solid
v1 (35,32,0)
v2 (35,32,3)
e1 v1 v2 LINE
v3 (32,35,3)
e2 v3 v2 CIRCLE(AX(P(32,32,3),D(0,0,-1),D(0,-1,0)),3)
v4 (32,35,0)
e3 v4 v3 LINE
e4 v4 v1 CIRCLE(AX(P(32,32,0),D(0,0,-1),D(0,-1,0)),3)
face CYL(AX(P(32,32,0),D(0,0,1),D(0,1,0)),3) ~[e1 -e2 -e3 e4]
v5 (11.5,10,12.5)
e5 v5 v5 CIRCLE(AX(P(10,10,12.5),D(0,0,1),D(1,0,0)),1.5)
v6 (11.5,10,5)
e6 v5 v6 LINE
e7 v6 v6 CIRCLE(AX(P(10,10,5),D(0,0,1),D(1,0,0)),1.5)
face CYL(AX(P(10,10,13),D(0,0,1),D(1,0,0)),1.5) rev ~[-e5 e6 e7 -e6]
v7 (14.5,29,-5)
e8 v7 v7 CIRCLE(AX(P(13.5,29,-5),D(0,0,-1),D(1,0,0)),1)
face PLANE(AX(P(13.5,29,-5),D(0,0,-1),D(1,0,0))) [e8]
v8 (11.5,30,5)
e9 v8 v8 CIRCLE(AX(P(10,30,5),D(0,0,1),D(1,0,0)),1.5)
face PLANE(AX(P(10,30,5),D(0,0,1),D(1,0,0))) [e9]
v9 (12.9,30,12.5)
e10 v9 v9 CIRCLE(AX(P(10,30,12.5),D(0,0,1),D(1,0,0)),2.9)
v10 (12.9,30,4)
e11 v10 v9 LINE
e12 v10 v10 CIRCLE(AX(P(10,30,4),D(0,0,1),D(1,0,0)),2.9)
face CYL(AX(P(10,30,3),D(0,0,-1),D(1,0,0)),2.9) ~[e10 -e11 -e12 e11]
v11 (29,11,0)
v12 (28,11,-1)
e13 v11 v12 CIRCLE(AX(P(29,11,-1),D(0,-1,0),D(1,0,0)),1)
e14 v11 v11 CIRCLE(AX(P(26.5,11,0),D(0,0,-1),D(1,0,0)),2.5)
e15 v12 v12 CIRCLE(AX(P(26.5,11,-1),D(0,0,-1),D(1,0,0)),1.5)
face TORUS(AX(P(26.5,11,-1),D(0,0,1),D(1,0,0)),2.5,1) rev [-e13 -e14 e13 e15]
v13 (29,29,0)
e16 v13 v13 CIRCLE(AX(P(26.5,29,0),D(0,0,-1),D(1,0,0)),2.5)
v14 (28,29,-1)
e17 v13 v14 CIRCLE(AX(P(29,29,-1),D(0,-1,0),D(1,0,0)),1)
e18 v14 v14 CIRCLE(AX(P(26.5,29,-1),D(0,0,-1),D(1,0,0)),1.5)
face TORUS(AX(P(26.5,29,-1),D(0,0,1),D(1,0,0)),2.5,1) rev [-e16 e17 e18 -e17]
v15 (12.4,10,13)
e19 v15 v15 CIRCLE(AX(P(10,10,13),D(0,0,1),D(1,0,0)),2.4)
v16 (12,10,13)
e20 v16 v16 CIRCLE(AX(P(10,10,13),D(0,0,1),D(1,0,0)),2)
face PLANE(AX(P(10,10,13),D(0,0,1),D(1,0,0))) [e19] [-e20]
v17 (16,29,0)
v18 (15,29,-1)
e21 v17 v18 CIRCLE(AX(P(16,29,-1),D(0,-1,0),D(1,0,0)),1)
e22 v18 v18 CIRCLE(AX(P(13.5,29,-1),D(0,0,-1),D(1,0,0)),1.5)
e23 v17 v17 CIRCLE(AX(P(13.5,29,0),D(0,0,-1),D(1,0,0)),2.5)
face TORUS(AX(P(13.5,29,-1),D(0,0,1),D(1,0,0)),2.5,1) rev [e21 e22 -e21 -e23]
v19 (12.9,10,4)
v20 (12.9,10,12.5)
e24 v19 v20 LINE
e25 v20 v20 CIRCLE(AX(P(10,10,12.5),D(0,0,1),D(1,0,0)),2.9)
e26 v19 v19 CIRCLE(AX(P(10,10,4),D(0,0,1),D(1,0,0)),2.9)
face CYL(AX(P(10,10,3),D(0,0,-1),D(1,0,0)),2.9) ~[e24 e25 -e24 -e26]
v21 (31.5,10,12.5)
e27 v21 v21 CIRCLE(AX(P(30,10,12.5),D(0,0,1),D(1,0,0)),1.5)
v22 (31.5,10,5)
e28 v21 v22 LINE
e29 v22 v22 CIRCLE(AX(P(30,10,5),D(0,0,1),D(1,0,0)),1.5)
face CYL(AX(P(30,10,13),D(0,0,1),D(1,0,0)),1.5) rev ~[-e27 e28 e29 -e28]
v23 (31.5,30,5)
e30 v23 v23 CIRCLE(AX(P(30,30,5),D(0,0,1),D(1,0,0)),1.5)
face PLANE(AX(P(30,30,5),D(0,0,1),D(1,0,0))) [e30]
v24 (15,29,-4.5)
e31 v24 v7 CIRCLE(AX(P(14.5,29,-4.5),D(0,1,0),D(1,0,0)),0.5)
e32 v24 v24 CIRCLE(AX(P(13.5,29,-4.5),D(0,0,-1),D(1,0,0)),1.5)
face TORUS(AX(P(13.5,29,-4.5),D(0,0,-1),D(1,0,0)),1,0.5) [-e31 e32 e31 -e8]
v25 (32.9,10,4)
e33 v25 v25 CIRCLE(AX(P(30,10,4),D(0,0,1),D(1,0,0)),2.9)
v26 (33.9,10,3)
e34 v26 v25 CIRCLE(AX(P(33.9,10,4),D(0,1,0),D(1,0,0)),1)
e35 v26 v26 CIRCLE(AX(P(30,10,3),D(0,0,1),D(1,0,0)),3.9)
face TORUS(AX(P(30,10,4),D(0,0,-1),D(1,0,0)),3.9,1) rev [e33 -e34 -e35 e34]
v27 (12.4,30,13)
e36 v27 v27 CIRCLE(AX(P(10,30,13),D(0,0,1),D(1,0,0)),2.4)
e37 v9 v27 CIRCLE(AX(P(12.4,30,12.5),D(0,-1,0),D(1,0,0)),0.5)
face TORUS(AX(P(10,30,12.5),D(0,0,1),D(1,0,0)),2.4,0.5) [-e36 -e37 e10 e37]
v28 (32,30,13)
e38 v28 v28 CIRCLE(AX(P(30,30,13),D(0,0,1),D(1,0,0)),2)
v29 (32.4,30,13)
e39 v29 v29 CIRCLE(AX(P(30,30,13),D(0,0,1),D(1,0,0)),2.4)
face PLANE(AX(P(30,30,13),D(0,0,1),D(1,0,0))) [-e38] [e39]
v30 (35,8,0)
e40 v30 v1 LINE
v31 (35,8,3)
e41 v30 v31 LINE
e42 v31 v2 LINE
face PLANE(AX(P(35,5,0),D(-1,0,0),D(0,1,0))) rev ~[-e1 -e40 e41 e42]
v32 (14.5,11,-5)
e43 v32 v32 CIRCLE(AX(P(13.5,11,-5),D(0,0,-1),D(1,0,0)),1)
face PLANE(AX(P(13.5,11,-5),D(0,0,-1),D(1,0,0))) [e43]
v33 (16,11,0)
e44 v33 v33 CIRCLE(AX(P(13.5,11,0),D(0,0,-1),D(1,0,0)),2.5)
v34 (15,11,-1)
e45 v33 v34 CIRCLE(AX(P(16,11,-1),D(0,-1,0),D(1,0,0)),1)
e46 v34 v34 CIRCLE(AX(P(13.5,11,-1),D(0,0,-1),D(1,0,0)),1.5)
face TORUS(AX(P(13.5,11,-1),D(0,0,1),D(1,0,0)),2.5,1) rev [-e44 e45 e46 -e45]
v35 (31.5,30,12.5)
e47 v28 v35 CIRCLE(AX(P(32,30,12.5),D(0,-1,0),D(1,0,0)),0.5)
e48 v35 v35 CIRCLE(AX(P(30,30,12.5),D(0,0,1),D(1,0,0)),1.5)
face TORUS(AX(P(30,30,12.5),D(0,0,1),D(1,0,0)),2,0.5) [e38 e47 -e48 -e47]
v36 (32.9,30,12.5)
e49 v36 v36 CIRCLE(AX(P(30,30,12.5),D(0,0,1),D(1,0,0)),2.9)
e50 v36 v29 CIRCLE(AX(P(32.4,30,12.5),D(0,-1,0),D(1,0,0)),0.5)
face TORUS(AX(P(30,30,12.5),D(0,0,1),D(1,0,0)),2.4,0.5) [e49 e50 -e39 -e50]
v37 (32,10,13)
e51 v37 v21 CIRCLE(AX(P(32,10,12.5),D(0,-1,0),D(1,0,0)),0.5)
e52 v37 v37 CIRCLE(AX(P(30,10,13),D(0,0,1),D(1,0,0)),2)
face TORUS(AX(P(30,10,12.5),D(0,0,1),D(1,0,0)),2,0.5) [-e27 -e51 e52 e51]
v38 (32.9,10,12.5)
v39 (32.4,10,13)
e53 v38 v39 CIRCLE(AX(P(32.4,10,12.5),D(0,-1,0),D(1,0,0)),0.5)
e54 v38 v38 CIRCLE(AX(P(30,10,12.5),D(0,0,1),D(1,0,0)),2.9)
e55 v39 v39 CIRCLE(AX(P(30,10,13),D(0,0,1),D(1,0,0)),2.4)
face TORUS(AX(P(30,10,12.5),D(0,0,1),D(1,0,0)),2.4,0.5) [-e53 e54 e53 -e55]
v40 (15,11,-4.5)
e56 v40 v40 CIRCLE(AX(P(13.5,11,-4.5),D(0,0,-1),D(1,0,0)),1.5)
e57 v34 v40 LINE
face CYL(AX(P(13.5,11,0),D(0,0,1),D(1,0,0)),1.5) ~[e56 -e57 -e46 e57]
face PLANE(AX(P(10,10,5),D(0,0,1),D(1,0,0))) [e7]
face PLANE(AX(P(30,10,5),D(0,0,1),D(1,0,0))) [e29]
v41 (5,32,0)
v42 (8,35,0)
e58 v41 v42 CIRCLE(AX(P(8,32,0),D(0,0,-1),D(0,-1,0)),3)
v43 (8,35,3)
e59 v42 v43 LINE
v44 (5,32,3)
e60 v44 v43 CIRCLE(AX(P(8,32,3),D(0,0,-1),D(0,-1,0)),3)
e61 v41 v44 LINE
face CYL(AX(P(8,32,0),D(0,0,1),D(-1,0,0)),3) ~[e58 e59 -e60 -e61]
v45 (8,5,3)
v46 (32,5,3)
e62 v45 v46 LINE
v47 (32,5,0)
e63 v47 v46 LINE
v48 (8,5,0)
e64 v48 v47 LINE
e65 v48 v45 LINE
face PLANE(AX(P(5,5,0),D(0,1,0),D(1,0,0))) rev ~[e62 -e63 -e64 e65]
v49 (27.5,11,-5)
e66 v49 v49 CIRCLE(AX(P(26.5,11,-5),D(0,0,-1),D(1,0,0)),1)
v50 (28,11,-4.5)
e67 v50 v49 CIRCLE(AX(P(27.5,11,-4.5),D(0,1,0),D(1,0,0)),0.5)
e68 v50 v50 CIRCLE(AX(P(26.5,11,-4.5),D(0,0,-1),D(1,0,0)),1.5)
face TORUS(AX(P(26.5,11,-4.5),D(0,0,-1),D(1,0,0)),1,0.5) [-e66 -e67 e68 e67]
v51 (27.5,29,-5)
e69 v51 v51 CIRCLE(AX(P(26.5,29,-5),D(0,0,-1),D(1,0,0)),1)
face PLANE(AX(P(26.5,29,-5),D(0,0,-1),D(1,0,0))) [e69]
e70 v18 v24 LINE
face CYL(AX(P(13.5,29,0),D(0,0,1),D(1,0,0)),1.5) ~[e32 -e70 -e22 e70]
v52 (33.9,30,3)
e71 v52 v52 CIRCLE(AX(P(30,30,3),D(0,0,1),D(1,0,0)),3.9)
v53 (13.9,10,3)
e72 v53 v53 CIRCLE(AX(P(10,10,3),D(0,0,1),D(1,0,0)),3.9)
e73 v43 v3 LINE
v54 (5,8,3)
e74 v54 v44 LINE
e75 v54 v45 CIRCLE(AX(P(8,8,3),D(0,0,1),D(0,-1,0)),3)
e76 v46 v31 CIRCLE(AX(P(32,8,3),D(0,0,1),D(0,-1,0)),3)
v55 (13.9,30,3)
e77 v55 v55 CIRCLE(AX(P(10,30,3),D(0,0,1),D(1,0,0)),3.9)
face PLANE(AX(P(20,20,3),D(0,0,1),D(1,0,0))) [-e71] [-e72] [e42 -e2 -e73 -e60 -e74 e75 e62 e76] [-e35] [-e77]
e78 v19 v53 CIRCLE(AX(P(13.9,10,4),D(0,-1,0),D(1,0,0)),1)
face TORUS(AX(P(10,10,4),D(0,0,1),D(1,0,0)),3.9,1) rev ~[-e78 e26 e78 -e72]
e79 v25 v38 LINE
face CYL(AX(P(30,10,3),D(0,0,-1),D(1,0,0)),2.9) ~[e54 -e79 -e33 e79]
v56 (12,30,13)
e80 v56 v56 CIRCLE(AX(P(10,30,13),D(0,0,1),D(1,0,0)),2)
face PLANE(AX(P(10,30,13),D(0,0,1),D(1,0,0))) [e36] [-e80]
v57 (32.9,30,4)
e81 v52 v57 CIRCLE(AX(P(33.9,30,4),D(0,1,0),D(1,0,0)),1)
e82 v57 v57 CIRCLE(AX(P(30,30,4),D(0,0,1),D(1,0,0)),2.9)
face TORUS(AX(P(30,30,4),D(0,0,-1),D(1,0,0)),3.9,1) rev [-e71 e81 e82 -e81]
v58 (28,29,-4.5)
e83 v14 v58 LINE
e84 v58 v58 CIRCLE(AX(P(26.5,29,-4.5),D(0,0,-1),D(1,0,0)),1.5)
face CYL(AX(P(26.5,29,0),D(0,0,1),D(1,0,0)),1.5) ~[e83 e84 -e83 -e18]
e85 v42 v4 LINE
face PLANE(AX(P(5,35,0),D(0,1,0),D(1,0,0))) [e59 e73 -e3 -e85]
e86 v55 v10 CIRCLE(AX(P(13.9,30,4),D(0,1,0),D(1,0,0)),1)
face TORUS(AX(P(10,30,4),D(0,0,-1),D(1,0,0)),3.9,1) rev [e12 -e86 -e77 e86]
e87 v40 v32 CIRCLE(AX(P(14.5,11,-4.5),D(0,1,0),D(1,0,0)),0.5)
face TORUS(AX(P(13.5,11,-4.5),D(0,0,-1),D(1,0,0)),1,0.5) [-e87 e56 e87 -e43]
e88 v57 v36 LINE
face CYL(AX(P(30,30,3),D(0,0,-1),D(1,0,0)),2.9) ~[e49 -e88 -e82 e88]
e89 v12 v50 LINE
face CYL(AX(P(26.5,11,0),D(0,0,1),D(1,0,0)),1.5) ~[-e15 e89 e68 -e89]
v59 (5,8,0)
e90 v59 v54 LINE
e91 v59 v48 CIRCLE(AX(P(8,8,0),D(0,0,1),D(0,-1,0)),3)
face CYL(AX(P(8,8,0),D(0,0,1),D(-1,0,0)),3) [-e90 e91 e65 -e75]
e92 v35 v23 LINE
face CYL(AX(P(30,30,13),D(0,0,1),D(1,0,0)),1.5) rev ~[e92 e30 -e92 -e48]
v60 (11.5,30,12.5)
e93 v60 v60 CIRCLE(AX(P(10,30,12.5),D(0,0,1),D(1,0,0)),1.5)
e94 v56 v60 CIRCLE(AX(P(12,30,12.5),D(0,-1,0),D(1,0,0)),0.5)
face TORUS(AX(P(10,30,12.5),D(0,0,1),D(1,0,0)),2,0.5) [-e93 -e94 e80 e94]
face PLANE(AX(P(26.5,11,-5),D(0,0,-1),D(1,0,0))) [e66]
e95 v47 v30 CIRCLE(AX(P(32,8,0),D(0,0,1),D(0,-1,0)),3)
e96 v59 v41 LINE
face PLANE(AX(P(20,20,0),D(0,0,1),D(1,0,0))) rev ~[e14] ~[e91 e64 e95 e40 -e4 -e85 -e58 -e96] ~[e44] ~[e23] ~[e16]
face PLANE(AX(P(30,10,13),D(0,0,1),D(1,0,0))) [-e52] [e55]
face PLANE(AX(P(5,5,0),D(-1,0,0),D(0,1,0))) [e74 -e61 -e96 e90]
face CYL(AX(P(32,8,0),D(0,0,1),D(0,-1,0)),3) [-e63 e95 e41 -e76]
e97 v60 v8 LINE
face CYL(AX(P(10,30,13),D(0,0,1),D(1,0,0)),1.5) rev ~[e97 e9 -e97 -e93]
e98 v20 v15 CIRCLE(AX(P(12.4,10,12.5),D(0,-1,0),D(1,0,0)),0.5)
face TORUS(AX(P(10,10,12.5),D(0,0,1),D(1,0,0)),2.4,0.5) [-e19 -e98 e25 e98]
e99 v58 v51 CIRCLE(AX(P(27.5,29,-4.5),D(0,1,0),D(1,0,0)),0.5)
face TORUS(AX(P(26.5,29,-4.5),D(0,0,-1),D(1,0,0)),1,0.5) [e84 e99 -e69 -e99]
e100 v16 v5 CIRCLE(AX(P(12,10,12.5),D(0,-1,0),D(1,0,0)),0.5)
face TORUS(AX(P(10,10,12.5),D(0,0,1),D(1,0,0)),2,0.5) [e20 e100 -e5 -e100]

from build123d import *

# Parameters (mm, degrees)
SKETCH_W     = 30
SKETCH_H     = 30
PAD_DEPTH    = 3
SKETCH004_R  = 2.9
PAD001_DEPTH = 10
SKETCH005_R  = 1.5
PAD002_DEPTH = 5
SKETCH006_R  = 1.5
POCKET_DEPTH = 8
FILLET_R     = 0.5
FILLET001_R  = 1
FILLET002_R  = 3
FILLET003_R  = 1
FILLET004_R  = 0.5


with BuildPart() as part:
    # Sketch → Pad (new body)
    with BuildSketch(Plane.XY):
        with Locations((20, 20)):
            Rectangle(SKETCH_W, SKETCH_H)
    extrude(amount=PAD_DEPTH)

    # Sketch004 → Pad001 (new body)
    with BuildSketch(Plane.XY.offset(3)):
        with Locations((10, 10)):
            Circle(SKETCH004_R)
        with Locations((10, 30)):
            Circle(SKETCH004_R)
        with Locations((30, 10)):
            Circle(SKETCH004_R)
        with Locations((30, 30)):
            Circle(SKETCH004_R)
    extrude(amount=PAD001_DEPTH)

    # Sketch005 → Pad002 (new body)
    with BuildSketch(Plane(origin=(0, 0, 0), x_dir=(1, 0, 0), z_dir=(0, 0, -1))):
        with Locations((13.5, -11)):
            Circle(SKETCH005_R)
        with Locations((26.5, -11)):
            Circle(SKETCH005_R)
        with Locations((13.5, -29)):
            Circle(SKETCH005_R)
        with Locations((26.5, -29)):
            Circle(SKETCH005_R)
    extrude(amount=PAD002_DEPTH)

    # Sketch006 → Pocket (cut)
    with BuildSketch(Plane.XY.offset(13)):
        with Locations((10, 30)):
            Circle(SKETCH006_R)
        with Locations((30, 30)):
            Circle(SKETCH006_R)
        with Locations((10, 10)):
            Circle(SKETCH006_R)
        with Locations((30, 10)):
            Circle(SKETCH006_R)
    extrude(amount=-POCKET_DEPTH, mode=Mode.SUBTRACT)

    # Fillet
    fillet_edges = [part.edges().sort_by_distance(p)[0] for p in [
        (7.1, 30, 13),
        (8.5, 30, 13),
        (27.1, 30, 13),
        (28.5, 30, 13),
        (27.1, 10, 13),
        (28.5, 10, 13),
        (7.1, 10, 13),
        (8.5, 10, 13),
    ]]
    fillet(fillet_edges, radius=FILLET_R)

    # Fillet001
    fillet001_edges = [part.edges().sort_by_distance(p)[0] for p in [
        (7.1, 30, 3),
        (27.1, 30, 3),
        (27.1, 10, 3),
        (7.1, 10, 3),
    ]]
    fillet(fillet001_edges, radius=FILLET001_R)

    # Fillet002
    fillet002_edges = [part.edges().sort_by_distance(p)[0] for p in [
        (5, 35, 1.5),
        (35, 35, 1.5),
        (35, 5, 1.5),
        (5, 5, 1.5),
    ]]
    fillet(fillet002_edges, radius=FILLET002_R)

    # Fillet003
    fillet003_edges = [part.edges().sort_by_distance(p)[0] for p in [
        (12, 29, 0),
        (25, 29, 0),
        (25, 11, 0),
        (12, 11, 0),
    ]]
    fillet(fillet003_edges, radius=FILLET003_R)

    # Fillet004
    fillet004_edges = [part.edges().sort_by_distance(p)[0] for p in [
        (12, 29, -5),
        (25, 29, -5),
        (25, 11, -5),
        (12, 11, -5),
    ]]
    fillet(fillet004_edges, radius=FILLET004_R)


solid = part.part
